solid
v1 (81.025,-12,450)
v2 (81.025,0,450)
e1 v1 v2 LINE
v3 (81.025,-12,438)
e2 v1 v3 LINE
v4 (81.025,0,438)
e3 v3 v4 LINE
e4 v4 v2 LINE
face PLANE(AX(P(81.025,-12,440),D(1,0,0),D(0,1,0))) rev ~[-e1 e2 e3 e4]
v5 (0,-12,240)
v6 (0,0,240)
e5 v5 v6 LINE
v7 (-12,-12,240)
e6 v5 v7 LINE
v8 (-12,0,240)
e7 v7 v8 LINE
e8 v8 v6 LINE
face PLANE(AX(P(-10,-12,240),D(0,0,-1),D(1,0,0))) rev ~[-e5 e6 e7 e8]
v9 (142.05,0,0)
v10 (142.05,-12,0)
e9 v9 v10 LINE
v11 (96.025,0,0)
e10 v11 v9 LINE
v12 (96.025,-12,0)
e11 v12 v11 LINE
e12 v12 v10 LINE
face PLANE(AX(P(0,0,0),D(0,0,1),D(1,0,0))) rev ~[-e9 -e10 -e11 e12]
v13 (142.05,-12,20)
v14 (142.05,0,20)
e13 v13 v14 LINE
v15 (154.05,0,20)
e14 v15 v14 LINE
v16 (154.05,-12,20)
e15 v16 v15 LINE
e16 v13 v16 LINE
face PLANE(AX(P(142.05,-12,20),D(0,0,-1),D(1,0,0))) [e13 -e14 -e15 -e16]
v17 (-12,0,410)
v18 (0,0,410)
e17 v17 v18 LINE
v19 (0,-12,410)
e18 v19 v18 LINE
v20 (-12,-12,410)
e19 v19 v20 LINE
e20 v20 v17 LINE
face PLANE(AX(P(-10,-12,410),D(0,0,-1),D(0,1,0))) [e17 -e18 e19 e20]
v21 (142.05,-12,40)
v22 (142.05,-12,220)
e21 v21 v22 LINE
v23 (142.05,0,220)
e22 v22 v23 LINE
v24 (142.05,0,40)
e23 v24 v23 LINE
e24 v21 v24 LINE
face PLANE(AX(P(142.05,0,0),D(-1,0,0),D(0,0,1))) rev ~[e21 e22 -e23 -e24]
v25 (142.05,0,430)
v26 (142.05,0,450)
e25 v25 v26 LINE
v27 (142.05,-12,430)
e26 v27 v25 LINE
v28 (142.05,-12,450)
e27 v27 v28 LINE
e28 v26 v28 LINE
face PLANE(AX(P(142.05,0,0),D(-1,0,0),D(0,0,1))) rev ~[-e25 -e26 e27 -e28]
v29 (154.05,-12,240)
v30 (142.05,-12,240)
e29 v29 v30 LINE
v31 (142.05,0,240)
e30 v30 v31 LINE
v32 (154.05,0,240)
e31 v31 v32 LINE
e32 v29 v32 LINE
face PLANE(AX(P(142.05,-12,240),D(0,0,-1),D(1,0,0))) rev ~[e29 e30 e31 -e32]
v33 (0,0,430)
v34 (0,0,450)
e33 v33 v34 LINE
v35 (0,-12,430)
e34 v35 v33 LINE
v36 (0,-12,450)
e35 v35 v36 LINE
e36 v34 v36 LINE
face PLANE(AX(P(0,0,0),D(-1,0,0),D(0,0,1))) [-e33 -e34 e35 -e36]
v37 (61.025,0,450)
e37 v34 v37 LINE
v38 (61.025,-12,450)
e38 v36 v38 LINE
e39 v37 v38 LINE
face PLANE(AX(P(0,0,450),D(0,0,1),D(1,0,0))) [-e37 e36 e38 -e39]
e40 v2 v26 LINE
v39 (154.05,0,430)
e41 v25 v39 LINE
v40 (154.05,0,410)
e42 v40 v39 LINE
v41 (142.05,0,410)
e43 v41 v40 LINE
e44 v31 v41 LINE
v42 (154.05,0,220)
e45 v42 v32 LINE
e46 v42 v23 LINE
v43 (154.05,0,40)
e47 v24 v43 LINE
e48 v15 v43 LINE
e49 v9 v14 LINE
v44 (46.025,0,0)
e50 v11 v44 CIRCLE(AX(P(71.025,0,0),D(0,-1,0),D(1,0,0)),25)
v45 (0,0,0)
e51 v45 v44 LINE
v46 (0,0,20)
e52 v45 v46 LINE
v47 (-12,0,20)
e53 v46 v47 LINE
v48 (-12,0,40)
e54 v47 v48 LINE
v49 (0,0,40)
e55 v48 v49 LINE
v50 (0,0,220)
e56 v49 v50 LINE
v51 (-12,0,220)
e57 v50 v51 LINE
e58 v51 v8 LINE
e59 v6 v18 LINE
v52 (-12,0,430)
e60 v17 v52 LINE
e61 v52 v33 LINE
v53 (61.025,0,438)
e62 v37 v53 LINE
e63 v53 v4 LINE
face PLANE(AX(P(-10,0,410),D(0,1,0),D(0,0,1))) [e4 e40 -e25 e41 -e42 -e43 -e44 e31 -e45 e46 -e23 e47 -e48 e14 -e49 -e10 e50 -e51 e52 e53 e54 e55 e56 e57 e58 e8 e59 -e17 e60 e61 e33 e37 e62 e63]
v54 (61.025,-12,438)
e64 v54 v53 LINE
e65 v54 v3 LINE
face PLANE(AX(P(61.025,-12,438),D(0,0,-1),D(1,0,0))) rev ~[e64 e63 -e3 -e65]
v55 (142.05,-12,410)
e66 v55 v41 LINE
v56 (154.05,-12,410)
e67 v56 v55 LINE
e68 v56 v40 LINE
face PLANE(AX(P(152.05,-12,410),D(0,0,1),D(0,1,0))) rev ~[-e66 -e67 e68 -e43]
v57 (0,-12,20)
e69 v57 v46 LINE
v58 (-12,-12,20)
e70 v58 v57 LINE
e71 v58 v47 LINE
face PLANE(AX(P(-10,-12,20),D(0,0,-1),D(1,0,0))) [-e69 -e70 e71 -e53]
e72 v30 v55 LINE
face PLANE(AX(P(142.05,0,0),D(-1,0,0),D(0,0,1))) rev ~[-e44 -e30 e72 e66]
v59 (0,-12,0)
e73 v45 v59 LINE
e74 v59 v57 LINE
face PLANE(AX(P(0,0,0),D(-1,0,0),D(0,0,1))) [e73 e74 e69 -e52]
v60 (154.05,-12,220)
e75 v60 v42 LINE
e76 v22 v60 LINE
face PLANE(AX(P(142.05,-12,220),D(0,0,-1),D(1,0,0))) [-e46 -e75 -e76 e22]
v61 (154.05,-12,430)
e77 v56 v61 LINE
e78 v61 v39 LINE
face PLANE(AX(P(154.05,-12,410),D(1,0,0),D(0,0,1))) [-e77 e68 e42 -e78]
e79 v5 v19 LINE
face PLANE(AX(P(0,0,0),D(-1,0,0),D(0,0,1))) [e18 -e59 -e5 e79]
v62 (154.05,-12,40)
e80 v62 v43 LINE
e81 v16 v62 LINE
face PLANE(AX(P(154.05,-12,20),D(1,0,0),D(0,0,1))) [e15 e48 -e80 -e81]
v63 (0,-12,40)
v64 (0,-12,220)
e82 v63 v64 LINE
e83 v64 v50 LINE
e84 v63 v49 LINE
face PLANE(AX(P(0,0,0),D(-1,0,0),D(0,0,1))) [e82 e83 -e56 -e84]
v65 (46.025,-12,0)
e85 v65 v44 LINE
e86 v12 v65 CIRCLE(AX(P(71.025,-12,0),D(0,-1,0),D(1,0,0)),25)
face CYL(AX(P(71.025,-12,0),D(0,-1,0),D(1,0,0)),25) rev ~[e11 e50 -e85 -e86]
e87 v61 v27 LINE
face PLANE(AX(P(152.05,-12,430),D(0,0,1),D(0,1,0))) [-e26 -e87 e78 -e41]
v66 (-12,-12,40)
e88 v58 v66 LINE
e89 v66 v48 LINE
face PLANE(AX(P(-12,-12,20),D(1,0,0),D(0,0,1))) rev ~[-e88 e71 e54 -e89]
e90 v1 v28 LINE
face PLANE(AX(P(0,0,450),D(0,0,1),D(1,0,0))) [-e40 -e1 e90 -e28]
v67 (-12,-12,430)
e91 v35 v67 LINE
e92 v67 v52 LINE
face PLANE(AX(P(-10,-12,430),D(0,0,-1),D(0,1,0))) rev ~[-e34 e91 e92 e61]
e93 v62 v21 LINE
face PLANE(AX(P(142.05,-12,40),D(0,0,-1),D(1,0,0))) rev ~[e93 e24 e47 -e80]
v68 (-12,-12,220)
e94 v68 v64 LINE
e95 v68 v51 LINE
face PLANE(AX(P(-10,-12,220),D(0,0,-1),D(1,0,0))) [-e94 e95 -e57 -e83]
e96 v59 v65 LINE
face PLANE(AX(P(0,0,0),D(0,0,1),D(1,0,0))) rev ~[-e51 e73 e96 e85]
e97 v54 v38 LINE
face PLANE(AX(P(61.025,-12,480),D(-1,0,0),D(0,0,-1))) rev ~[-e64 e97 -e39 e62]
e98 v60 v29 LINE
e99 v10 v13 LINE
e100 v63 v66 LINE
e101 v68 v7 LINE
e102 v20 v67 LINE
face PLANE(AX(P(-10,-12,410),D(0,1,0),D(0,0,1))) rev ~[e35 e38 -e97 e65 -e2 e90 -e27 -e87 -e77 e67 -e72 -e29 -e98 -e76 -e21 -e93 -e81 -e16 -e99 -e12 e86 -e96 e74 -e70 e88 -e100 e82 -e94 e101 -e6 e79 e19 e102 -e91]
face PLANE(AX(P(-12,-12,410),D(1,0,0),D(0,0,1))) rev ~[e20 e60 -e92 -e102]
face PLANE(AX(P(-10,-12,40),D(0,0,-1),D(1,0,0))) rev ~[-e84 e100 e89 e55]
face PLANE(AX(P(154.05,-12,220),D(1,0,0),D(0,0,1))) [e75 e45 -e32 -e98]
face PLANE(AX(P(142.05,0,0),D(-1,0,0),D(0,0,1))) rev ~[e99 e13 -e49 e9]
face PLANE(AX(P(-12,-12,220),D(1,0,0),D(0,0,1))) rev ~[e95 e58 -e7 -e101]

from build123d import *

# Parameters (mm, degrees)
F0_W      = 142.05
F0_H      = 460
F1_DEPTH  = 12
F2_W      = 10
F2_H      = 20
F3_DEPTH  = 12
F4_DEPTH  = 25
F5_DEPTH  = 2
F7_DEPTH  = 25
F8_DEPTH  = 10
F9_DEPTH  = 2
F10_DEPTH = 2


with BuildPart() as f1:
    # F0 (on Front) → F1 (new body)
    with BuildSketch(Plane.XZ):
        with Locations((71.025, 230)):
            Rectangle(F0_W, F0_H)
    extrude(amount=F1_DEPTH)

    # F2 (on face) → F3 (join)
    with BuildSketch(Plane.XZ.offset(12)):
        with Locations((-5, 420)):
            Rectangle(F2_W, F2_H)
        with Locations((147.05, 420)):
            Rectangle(F2_W, F2_H)
        with Locations((-5, 230)):
            Rectangle(F2_W, F2_H)
        with Locations((147.05, 230)):
            Rectangle(F2_W, F2_H)
        with Locations((-5, 30)):
            Rectangle(F2_W, F2_H)
        with Locations((147.05, 30)):
            Rectangle(F2_W, F2_H)
    extrude(amount=-F3_DEPTH)

    # F2 (on face) → F4 (cut)
    with BuildSketch(Plane.XZ.offset(12)):
        Polygon((61.025, 480), (61.025, 460), (71.025, 460), (81.025, 460), (81.025, 480), align=None)
        Polygon((71.025, 460), (61.025, 460), (61.025, 440), (81.025, 440), (81.025, 460), align=None)
    extrude(amount=-F4_DEPTH, mode=Mode.SUBTRACT)

    # F5 (cut): a face of the model
    f5_faces = [f1.faces().sort_by_distance(p)[0] for p in [
        (71.025, -6, 440),
    ]]
    extrude(f5_faces, amount=-F5_DEPTH, mode=Mode.SUBTRACT)

    # F6 (on face) → F7 (cut)
    with BuildSketch(Plane.XZ.offset(12)):
        with BuildLine():
            Line((46.025, 0), (96.025, 0))
            ThreePointArc((96.025, 0), (71.025, 25), (46.025, 0))
        make_face()
    extrude(amount=-F7_DEPTH, mode=Mode.SUBTRACT)

    # F8 (cut): faces of the model
    f8_faces = [f1.faces().sort_by_distance(p)[0] for p in [
        (30.5125, -6, 460),
        (111.5375, -6, 460),
    ]]
    extrude(f8_faces, amount=-F8_DEPTH, mode=Mode.SUBTRACT)

    # F9 (add): faces of the model
    f9_faces = [f1.faces().sort_by_distance(p)[0] for p in [
        (152.05, -6, 420),
        (152.05, -6, 230),
        (152.05, -6, 30),
    ]]
    extrude(f9_faces, amount=F9_DEPTH)

    # F10 (add): faces of the model
    f10_faces = [f1.faces().sort_by_distance(p)[0] for p in [
        (-10, -6, 420),
        (-10, -6, 230),
        (-10, -6, 30),
    ]]
    extrude(f10_faces, amount=F10_DEPTH)


solid = f1.part
